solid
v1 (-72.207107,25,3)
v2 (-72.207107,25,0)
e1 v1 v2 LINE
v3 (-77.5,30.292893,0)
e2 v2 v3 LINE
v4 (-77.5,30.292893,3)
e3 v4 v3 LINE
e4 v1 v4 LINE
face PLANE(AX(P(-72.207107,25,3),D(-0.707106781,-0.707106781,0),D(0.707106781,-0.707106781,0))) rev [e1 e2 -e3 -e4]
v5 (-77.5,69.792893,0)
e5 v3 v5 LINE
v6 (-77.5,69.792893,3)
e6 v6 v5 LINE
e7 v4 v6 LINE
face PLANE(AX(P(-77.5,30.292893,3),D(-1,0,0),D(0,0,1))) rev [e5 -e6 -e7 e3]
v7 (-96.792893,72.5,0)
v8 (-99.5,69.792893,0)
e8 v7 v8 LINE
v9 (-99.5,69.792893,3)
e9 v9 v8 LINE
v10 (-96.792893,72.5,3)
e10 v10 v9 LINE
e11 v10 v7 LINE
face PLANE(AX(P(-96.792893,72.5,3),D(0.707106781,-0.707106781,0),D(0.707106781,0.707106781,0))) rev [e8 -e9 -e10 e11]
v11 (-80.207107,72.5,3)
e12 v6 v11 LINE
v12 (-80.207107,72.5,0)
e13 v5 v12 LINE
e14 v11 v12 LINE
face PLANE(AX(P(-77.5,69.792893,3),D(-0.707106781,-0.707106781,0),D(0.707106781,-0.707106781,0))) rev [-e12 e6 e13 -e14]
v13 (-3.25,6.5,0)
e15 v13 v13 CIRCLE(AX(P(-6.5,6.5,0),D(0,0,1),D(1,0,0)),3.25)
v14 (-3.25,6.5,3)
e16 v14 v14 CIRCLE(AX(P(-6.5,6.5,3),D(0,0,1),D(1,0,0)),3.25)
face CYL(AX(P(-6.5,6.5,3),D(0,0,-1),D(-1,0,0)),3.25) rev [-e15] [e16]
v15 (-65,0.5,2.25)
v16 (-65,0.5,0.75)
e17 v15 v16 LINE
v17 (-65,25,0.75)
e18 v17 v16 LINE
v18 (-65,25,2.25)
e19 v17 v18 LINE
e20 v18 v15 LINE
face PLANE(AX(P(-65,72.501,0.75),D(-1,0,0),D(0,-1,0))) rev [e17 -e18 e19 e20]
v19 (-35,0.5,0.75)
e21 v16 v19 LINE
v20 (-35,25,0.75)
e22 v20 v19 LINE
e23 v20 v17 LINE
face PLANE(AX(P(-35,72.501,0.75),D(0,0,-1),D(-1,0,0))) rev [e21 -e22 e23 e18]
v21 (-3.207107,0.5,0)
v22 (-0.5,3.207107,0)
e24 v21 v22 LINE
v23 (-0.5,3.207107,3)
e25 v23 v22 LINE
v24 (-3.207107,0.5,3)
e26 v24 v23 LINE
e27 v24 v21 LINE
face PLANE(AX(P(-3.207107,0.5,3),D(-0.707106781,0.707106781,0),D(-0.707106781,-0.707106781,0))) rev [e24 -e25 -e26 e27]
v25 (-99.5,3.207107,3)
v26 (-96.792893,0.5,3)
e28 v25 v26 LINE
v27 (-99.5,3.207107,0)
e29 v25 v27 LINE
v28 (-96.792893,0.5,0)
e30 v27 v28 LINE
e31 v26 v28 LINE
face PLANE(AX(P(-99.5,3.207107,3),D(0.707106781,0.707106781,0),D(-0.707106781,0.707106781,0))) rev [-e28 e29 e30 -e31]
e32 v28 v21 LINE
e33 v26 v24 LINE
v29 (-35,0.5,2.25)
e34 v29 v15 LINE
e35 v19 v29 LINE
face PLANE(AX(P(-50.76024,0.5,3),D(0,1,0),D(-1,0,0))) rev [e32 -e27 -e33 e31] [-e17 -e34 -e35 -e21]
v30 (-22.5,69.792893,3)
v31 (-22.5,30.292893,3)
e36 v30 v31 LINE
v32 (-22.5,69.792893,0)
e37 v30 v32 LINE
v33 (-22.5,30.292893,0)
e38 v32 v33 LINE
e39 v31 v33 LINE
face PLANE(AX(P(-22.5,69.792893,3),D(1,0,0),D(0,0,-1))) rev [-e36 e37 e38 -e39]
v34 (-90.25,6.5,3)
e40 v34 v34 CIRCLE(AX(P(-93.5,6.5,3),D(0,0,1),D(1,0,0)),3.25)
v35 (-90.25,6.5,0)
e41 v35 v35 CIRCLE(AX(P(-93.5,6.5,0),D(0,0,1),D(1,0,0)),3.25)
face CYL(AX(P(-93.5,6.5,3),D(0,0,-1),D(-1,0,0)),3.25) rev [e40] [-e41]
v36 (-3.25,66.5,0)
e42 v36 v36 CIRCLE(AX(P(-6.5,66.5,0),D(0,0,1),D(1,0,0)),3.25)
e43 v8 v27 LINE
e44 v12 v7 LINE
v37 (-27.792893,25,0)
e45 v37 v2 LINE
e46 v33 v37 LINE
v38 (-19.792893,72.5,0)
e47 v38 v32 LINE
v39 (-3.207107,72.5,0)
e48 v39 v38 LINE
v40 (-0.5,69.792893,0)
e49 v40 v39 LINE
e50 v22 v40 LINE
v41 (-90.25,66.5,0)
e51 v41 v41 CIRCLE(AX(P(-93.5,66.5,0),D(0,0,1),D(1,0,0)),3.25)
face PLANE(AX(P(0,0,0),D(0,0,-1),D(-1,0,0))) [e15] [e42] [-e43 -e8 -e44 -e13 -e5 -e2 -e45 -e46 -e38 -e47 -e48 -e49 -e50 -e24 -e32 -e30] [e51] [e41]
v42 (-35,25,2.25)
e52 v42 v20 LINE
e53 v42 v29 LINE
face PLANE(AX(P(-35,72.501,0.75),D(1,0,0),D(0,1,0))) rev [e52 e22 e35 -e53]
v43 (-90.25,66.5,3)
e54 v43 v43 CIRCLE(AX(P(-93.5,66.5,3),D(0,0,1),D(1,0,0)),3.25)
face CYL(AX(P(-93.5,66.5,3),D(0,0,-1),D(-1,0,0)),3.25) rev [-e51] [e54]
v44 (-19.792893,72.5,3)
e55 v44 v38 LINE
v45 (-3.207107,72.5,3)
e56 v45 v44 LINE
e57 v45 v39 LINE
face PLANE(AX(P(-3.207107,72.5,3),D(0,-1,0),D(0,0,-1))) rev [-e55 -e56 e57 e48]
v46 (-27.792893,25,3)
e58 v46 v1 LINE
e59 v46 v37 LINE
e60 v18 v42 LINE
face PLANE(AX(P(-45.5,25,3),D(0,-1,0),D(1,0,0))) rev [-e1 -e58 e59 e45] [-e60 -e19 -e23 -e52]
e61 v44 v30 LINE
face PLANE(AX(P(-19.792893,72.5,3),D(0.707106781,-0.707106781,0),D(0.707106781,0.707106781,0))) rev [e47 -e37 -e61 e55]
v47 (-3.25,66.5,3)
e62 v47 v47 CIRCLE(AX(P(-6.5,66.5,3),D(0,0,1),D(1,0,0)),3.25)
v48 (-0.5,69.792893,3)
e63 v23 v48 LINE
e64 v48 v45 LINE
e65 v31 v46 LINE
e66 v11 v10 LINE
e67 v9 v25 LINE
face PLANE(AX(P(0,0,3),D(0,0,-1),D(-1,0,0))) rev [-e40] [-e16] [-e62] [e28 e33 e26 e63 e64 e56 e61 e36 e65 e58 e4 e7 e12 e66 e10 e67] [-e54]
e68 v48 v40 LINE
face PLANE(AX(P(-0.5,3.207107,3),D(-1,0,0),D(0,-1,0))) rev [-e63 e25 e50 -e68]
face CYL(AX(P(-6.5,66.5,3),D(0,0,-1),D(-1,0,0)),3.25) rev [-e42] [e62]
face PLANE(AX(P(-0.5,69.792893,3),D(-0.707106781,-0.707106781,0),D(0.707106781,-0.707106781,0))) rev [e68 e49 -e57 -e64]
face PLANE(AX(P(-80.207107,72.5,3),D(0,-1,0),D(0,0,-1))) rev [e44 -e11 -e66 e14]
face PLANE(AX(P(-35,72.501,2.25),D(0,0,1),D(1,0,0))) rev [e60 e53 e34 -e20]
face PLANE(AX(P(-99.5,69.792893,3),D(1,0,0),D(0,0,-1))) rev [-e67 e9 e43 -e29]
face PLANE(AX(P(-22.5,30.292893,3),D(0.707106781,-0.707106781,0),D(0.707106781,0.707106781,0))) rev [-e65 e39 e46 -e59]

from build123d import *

# Parameters (mm, degrees)
SKETCH1_R           = 3.25
BOSS_EXTRUDE1_DEPTH = 3
CUT_EXTRUDE1_REACH  = 124.855
SKETCH2_W           = 30
SKETCH2_H           = 1.5


with BuildPart() as part:
    # Sketch1 → Boss-Extrude1 (new body)
    with BuildSketch(Plane.XY):
        Polygon((-27.792893219, 25), (-45.5, 25), (-72.207106781, 25), (-77.5, 30.292893219), (-77.5, 69.792893219), (-80.207106781, 72.5), (-96.792893219, 72.5), (-99.5, 69.792893219), (-99.5, 3.207106781), (-96.792893219, 0.5), (-50.760240095, 0.5), (-3.207106781, 0.5), (-0.5, 3.207106781), (-0.5, 69.792893219), (-3.207106781, 72.5), (-19.792893219, 72.5), (-22.5, 69.792893219), (-22.5, 30.292893219), align=None)
        with Locations((-6.5, 66.5)):
            Circle(SKETCH1_R, mode=Mode.SUBTRACT)
        with Locations((-6.5, 6.5)):
            Circle(SKETCH1_R, mode=Mode.SUBTRACT)
        with Locations((-93.5, 6.5)):
            Circle(SKETCH1_R, mode=Mode.SUBTRACT)
        with Locations((-93.5, 66.5)):
            Circle(SKETCH1_R, mode=Mode.SUBTRACT)
    extrude(amount=BOSS_EXTRUDE1_DEPTH)

    # Sketch2 → Cut-Extrude1 (cut, up to next)
    with BuildSketch(Plane.XZ.offset(-0.5), mode=Mode.PRIVATE) as cut_extrude1_sk1:
        with Locations((-50, 1.5)):
            Rectangle(SKETCH2_W, SKETCH2_H)
    cut_extrude1_tool1 = extrude(cut_extrude1_sk1.sketch, amount=-CUT_EXTRUDE1_REACH, mode=Mode.PRIVATE) & part.part
    add(cut_extrude1_tool1.solids().sort_by_distance((-50, 0.5, 1.5))[0], mode=Mode.SUBTRACT)


solid = part.part
